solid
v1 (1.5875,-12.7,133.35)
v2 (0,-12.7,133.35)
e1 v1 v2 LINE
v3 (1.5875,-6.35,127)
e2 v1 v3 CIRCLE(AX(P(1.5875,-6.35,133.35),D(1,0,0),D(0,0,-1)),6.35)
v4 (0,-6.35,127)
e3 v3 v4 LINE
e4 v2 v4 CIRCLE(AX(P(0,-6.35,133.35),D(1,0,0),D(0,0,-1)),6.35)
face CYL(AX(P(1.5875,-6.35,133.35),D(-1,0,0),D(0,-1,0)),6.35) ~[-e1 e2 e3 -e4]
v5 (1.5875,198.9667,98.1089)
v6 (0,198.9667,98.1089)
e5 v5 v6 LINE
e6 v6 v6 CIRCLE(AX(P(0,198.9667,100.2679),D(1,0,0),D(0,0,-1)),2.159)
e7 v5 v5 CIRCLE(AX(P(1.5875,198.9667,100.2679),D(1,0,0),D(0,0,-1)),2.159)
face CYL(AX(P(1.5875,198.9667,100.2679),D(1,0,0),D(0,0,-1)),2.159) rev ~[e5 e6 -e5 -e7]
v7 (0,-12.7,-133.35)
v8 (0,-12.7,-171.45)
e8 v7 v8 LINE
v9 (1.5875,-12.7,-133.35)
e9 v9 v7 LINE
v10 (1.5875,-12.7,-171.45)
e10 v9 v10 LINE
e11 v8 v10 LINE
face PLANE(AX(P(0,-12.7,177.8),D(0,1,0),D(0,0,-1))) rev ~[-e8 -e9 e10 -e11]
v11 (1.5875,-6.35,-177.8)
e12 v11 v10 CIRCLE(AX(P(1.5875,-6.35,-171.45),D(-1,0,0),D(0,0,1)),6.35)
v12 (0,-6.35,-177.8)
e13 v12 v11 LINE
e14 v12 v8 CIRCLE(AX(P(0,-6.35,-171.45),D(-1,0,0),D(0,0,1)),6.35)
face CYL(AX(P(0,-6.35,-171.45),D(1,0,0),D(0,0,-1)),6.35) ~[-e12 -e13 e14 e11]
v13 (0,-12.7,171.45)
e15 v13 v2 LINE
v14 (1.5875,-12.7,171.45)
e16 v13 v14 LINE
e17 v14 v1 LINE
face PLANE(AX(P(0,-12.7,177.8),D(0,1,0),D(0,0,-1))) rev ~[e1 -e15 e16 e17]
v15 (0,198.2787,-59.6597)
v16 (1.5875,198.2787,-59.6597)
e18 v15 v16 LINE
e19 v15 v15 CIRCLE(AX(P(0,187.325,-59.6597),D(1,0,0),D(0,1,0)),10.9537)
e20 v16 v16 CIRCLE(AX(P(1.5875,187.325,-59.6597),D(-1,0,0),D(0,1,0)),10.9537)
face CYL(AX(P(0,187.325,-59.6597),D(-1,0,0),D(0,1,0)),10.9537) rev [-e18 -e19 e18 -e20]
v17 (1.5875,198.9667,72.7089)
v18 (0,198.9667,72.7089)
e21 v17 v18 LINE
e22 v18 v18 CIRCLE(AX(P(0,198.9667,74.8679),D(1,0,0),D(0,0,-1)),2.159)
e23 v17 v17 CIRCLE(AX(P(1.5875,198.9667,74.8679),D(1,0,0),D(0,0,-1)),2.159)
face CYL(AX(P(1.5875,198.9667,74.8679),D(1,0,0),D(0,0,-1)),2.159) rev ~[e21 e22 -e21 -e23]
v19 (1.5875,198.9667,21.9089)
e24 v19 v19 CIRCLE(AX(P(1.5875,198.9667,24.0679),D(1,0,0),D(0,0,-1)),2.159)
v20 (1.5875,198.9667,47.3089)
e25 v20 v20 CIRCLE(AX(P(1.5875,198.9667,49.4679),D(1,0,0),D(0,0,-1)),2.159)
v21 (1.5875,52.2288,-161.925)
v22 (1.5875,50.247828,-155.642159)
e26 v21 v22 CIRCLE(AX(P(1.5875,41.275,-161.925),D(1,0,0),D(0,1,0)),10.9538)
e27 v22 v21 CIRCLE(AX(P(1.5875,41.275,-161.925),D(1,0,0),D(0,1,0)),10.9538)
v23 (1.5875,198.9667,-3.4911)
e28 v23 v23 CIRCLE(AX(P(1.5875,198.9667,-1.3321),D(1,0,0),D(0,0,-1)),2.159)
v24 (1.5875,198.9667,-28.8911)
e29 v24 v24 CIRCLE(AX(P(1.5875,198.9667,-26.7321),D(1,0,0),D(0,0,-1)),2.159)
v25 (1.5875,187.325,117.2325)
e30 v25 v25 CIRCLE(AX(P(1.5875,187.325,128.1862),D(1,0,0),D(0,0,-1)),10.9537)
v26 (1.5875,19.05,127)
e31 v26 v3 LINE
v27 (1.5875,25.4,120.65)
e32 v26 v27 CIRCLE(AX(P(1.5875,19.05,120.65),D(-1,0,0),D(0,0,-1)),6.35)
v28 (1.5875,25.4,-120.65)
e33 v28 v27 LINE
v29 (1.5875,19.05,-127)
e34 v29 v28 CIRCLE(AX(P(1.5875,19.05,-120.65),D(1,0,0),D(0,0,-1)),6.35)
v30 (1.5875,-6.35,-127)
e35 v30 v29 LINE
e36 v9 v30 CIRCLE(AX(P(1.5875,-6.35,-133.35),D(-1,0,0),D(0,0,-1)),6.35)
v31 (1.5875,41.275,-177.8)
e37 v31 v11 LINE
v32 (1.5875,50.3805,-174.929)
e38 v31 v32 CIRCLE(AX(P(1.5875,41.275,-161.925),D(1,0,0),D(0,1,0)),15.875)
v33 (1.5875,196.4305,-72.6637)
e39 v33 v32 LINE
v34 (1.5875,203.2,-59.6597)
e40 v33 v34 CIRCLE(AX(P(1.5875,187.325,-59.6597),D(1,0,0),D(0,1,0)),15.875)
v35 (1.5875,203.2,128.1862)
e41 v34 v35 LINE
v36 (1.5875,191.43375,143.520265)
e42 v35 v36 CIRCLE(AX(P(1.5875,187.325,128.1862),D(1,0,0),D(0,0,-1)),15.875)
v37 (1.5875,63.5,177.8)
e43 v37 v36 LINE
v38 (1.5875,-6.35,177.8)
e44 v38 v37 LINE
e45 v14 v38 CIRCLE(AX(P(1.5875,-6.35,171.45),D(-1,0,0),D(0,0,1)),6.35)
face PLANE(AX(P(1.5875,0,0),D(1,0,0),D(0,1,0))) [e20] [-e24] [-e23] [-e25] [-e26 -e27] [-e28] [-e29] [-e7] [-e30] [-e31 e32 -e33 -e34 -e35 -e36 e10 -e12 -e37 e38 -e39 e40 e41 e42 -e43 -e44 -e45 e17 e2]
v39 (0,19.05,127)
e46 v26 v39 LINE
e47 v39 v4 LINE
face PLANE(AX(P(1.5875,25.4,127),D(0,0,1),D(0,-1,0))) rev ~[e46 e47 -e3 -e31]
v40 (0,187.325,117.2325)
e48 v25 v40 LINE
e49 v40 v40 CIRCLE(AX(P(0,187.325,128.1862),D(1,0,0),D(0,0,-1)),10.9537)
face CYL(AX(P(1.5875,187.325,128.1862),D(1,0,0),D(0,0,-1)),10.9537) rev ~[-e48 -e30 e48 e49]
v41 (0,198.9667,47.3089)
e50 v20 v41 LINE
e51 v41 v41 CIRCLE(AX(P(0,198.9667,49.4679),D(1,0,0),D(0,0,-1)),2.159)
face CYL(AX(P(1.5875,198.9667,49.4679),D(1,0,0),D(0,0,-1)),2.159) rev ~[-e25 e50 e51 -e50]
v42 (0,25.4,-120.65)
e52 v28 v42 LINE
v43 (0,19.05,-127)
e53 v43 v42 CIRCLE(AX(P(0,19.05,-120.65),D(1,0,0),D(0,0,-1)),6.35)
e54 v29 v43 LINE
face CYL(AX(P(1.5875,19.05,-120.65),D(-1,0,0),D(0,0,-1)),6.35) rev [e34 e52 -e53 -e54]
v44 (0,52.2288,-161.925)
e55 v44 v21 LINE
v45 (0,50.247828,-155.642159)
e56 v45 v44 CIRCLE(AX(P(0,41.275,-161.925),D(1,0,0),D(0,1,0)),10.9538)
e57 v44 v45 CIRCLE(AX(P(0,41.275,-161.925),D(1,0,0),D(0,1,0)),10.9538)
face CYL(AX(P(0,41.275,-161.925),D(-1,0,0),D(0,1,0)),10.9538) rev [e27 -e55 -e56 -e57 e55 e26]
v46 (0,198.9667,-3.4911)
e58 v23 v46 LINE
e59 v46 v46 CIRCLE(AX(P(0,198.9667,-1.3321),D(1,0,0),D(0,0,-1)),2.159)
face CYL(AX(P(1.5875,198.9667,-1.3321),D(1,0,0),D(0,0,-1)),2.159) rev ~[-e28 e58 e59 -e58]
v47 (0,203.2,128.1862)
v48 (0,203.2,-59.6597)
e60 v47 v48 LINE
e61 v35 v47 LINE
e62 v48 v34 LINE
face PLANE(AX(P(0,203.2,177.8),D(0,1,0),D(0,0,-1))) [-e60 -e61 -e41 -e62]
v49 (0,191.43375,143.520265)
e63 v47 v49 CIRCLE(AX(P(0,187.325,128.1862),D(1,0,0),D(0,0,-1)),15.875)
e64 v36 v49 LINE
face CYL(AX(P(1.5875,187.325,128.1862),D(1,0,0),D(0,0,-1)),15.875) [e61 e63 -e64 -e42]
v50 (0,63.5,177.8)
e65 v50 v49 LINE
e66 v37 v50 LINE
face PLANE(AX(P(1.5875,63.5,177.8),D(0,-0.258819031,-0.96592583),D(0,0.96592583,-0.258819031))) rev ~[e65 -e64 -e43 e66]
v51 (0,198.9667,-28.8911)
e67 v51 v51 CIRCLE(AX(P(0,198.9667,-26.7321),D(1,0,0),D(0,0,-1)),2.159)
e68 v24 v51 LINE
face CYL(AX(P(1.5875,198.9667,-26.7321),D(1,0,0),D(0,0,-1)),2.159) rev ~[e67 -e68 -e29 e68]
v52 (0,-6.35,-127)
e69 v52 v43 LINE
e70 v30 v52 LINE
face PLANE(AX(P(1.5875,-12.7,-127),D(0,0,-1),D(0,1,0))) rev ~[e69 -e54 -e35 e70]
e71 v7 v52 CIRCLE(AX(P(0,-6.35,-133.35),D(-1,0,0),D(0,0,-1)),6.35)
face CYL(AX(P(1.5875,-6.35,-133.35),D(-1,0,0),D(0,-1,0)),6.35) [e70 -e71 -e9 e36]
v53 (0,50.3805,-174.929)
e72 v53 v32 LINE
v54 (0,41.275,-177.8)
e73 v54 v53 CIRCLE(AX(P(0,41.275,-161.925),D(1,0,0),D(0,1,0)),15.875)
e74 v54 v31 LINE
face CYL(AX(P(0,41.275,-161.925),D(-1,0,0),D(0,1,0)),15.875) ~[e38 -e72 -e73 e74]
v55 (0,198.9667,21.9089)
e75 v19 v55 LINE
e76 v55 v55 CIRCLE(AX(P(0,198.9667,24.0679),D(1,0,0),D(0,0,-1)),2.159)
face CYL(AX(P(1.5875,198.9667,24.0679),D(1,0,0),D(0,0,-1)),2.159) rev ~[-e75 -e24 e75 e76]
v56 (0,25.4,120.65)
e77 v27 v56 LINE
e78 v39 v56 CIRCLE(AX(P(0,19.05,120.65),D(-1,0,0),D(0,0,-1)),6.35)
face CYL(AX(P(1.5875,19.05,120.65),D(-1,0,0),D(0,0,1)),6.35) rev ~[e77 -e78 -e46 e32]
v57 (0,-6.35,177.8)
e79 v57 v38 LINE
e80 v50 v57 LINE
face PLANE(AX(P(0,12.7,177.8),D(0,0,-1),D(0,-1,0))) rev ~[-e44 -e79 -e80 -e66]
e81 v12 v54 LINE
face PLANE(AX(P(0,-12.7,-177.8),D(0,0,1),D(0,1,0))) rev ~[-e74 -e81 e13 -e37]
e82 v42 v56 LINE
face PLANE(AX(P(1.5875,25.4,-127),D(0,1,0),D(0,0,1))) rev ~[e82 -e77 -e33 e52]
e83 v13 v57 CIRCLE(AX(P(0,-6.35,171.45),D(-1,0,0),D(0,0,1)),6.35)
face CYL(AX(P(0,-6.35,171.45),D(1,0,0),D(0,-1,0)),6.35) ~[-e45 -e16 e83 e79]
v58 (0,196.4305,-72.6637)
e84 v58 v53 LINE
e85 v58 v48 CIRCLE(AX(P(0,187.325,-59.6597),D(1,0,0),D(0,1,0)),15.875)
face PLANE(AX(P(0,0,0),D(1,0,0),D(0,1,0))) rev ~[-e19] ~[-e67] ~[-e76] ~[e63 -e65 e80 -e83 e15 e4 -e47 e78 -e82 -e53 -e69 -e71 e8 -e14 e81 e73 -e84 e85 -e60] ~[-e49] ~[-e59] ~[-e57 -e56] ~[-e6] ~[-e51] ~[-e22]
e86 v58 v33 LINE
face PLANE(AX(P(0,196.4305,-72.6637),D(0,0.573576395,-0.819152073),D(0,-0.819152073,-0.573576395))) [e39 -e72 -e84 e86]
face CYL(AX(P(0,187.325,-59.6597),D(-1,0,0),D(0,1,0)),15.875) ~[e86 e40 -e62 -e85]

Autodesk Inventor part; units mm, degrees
ref_plane "YZ Plane" through (0, 0, 0) normal (1, 0, 0) x (0, 1, 0)
ref_plane "XZ Plane" through (0, 0, 0) normal (0, 1, 0) x (-1, 0, 0)
ref_plane "XY Plane" through (0, 0, 0) normal (0, 0, 1) x (1, 0, 0)
sketch "Sketch1" plane through (0, 0, 0) normal (1, 0, 0) x (0, 1, 0)
  line L0 (-12.7, -177.8) -> (12.7, -177.8)
  line L1 (12.7, -177.8) -> (12.7, 177.8)
  line L2 (12.7, 177.8) -> (-12.7, 177.8)
  line L3 (-12.7, 177.8) -> (-12.7, -177.8)
  line L4 (-12.7, -177.8) -> (12.7, 177.8) construction
  line L5 (12.7, -177.8) -> (-12.7, 177.8) construction
  line L6 (12.7, -101.6) -> (12.7, 177.8)
  line L7 (12.7, 177.8) -> (25.4, 177.8)
  line L8 (25.4, 177.8) -> (25.4, -177.8)
  line L9 (25.4, -177.8) -> (12.7, -177.8)
  line L10 (12.7, -177.8) -> (12.7, 177.8)
  line L11 (25.4, 177.8) -> (203.2, 177.8)
  line L12 (203.2, 177.8) -> (203.2, -177.8)
  line L13 (203.2, -177.8) -> (25.4, -177.8)
  line L14 (25.4, -177.8) -> (25.4, 177.8)
  circle A0 centre (41.275, -161.925) radius 15.875
  circle A1 centre (187.325, -59.6597) radius 15.875
  line L15 (41.275, -161.925) -> (203.2, -48.5439)
  line L16 (41.275, -161.925) -> (238.9489, -161.925) construction
  line L17 (196.4305, -72.6637) -> (50.3805, -174.929)
  circle A2 centre (187.325, -59.6597) radius 10.9537
  circle A3 centre (41.275, -161.925) radius 10.9538
  point P0 (0, 0)
  point P1 (203.2, -59.6597)
  point P2 (41.275, -177.8)
  dimension "d7" = 31.75
  dimension "d8" = 31.75
  dimension "d0" = 25.4
  dimension "d1" = 355.6
  dimension "d4" = 12.7
  dimension "d5" = 177.8
  dimension "d6" = 355.6
  dimension "d9" = 35
  dimension "d10" = 21.9075
  dimension "d11" = 21.9075
extrude "Extrusion1" add sketch "Sketch1" along normal blind 1.5875 contours L3 L2 L1 L0 | L1 L7 L8 L9 | L8 A0 L13 | L8 L11 L12 L15 A1 A0 | A0 | L15 A1 L17 A0 | L15 A2 A1 | A1 L15 A2 | A1 L15 L12
sketch "Sketch2" plane through (1.5875, 0, 0) normal (1, 0, 0) x (0, 0, -1)
  line L0 (-177.8, -12.7) -> (177.8, -12.7) projected
  line L1 (-127, -12.7) -> (127, -12.7)
  line L2 (127, -12.7) -> (127, 25.4)
  line L3 (127, 25.4) -> (-127, 25.4)
  line L4 (-127, 25.4) -> (-127, -12.7)
  line L5 (-177.8, 203.2) -> (-177.8, -12.7) projected
  line L6 (177.8, -12.7) -> (177.8, 41.275) projected
  point P0 (0, 0)
  point P1 (127, -12.7)
  dimension "d14" = 38.1
  dimension "d15" = 50.8
  dimension "d16" = 50.8
extrude "Extrusion2" cut sketch "Sketch2" against normal blind 1.5875
sketch "Sketch3" plane through (1.5875, 0, 0) normal (1, 0, 0) x (0, 0, -1)
  line L0 (-177.8, 203.2) -> (-177.8, -12.7) projected
  line L1 (-177.8, -12.7) -> (-177.8, 63.5)
  line L2 (-177.8, 63.5) -> (-140.3675, 203.2)
  line L3 (59.6597, 203.2) -> (-177.8, 203.2) projected
  circle A0 centre (-128.1862, 187.325) radius 15.875
  circle A1 centre (-128.1862, 187.325) radius 10.9537
  point P0 (0, 0)
  point P1 (-143.5203, 191.4338)
  point P2 (-128.1862, 203.2)
  dimension "d19" = 76.2
  dimension "d20" = 165
  dimension "d23" = 31.75
  dimension "d24" = 21.9075
extrude "Extrusion3" cut sketch "Sketch3" against normal blind 1.5875 contours L3 L2 L0 | L3 A0 L2 | A1
fillet "Fillet1" radius 6.35 6 edges at (0.7937, -12.7, 127) (0.7937, -12.7, 177.8) (0.7937, 25.4, 127) (0.7937, 25.4, -127) (0.7937, -12.7, -127) (0.7937, -12.7, -177.8)
sketch "Sketch4" plane through (1.5875, 0, 0) normal (1, 0, 0) x (0, 0, -1)
  point P0 (0, 0)
sketch "Sketch5" plane through (1.5875, 0, 0) normal (1, 0, 0) x (0, 0, -1)
  circle A0 centre (59.6597, 187.325) radius 10.9537 projected
  circle A1 centre (59.6597, 187.325) radius 25.4
  circle A2 centre (161.925, 41.275) radius 10.9538 projected
  circle A3 centre (161.925, 41.275) radius 25.4
  circle A4 centre (26.7321, 198.9667) radius 9.525
  circle A5 centre (26.7321, 198.9667) radius 4.2333
  line L0 (59.6597, 203.2) -> (-128.1862, 203.2) projected
  circle A6 centre (26.7321, 198.9667) radius 2.159
  point P0 (0, 0)
  dimension "d26" = 50.8
  dimension "d27" = 50.8
  dimension "d28" = 19.05
  dimension "d29" = 8.4667
  dimension "d30" = 4.318
extrude "Extrusion4" cut sketch "Sketch5" against normal blind 1.5875 contours A6
pattern_linear "Rectangular Pattern1" count 6 spacing 25.4 along (0, 0, 1) of "Extrusion4"
properties part number "side 1.1" material "Acetal Resin, Black"
